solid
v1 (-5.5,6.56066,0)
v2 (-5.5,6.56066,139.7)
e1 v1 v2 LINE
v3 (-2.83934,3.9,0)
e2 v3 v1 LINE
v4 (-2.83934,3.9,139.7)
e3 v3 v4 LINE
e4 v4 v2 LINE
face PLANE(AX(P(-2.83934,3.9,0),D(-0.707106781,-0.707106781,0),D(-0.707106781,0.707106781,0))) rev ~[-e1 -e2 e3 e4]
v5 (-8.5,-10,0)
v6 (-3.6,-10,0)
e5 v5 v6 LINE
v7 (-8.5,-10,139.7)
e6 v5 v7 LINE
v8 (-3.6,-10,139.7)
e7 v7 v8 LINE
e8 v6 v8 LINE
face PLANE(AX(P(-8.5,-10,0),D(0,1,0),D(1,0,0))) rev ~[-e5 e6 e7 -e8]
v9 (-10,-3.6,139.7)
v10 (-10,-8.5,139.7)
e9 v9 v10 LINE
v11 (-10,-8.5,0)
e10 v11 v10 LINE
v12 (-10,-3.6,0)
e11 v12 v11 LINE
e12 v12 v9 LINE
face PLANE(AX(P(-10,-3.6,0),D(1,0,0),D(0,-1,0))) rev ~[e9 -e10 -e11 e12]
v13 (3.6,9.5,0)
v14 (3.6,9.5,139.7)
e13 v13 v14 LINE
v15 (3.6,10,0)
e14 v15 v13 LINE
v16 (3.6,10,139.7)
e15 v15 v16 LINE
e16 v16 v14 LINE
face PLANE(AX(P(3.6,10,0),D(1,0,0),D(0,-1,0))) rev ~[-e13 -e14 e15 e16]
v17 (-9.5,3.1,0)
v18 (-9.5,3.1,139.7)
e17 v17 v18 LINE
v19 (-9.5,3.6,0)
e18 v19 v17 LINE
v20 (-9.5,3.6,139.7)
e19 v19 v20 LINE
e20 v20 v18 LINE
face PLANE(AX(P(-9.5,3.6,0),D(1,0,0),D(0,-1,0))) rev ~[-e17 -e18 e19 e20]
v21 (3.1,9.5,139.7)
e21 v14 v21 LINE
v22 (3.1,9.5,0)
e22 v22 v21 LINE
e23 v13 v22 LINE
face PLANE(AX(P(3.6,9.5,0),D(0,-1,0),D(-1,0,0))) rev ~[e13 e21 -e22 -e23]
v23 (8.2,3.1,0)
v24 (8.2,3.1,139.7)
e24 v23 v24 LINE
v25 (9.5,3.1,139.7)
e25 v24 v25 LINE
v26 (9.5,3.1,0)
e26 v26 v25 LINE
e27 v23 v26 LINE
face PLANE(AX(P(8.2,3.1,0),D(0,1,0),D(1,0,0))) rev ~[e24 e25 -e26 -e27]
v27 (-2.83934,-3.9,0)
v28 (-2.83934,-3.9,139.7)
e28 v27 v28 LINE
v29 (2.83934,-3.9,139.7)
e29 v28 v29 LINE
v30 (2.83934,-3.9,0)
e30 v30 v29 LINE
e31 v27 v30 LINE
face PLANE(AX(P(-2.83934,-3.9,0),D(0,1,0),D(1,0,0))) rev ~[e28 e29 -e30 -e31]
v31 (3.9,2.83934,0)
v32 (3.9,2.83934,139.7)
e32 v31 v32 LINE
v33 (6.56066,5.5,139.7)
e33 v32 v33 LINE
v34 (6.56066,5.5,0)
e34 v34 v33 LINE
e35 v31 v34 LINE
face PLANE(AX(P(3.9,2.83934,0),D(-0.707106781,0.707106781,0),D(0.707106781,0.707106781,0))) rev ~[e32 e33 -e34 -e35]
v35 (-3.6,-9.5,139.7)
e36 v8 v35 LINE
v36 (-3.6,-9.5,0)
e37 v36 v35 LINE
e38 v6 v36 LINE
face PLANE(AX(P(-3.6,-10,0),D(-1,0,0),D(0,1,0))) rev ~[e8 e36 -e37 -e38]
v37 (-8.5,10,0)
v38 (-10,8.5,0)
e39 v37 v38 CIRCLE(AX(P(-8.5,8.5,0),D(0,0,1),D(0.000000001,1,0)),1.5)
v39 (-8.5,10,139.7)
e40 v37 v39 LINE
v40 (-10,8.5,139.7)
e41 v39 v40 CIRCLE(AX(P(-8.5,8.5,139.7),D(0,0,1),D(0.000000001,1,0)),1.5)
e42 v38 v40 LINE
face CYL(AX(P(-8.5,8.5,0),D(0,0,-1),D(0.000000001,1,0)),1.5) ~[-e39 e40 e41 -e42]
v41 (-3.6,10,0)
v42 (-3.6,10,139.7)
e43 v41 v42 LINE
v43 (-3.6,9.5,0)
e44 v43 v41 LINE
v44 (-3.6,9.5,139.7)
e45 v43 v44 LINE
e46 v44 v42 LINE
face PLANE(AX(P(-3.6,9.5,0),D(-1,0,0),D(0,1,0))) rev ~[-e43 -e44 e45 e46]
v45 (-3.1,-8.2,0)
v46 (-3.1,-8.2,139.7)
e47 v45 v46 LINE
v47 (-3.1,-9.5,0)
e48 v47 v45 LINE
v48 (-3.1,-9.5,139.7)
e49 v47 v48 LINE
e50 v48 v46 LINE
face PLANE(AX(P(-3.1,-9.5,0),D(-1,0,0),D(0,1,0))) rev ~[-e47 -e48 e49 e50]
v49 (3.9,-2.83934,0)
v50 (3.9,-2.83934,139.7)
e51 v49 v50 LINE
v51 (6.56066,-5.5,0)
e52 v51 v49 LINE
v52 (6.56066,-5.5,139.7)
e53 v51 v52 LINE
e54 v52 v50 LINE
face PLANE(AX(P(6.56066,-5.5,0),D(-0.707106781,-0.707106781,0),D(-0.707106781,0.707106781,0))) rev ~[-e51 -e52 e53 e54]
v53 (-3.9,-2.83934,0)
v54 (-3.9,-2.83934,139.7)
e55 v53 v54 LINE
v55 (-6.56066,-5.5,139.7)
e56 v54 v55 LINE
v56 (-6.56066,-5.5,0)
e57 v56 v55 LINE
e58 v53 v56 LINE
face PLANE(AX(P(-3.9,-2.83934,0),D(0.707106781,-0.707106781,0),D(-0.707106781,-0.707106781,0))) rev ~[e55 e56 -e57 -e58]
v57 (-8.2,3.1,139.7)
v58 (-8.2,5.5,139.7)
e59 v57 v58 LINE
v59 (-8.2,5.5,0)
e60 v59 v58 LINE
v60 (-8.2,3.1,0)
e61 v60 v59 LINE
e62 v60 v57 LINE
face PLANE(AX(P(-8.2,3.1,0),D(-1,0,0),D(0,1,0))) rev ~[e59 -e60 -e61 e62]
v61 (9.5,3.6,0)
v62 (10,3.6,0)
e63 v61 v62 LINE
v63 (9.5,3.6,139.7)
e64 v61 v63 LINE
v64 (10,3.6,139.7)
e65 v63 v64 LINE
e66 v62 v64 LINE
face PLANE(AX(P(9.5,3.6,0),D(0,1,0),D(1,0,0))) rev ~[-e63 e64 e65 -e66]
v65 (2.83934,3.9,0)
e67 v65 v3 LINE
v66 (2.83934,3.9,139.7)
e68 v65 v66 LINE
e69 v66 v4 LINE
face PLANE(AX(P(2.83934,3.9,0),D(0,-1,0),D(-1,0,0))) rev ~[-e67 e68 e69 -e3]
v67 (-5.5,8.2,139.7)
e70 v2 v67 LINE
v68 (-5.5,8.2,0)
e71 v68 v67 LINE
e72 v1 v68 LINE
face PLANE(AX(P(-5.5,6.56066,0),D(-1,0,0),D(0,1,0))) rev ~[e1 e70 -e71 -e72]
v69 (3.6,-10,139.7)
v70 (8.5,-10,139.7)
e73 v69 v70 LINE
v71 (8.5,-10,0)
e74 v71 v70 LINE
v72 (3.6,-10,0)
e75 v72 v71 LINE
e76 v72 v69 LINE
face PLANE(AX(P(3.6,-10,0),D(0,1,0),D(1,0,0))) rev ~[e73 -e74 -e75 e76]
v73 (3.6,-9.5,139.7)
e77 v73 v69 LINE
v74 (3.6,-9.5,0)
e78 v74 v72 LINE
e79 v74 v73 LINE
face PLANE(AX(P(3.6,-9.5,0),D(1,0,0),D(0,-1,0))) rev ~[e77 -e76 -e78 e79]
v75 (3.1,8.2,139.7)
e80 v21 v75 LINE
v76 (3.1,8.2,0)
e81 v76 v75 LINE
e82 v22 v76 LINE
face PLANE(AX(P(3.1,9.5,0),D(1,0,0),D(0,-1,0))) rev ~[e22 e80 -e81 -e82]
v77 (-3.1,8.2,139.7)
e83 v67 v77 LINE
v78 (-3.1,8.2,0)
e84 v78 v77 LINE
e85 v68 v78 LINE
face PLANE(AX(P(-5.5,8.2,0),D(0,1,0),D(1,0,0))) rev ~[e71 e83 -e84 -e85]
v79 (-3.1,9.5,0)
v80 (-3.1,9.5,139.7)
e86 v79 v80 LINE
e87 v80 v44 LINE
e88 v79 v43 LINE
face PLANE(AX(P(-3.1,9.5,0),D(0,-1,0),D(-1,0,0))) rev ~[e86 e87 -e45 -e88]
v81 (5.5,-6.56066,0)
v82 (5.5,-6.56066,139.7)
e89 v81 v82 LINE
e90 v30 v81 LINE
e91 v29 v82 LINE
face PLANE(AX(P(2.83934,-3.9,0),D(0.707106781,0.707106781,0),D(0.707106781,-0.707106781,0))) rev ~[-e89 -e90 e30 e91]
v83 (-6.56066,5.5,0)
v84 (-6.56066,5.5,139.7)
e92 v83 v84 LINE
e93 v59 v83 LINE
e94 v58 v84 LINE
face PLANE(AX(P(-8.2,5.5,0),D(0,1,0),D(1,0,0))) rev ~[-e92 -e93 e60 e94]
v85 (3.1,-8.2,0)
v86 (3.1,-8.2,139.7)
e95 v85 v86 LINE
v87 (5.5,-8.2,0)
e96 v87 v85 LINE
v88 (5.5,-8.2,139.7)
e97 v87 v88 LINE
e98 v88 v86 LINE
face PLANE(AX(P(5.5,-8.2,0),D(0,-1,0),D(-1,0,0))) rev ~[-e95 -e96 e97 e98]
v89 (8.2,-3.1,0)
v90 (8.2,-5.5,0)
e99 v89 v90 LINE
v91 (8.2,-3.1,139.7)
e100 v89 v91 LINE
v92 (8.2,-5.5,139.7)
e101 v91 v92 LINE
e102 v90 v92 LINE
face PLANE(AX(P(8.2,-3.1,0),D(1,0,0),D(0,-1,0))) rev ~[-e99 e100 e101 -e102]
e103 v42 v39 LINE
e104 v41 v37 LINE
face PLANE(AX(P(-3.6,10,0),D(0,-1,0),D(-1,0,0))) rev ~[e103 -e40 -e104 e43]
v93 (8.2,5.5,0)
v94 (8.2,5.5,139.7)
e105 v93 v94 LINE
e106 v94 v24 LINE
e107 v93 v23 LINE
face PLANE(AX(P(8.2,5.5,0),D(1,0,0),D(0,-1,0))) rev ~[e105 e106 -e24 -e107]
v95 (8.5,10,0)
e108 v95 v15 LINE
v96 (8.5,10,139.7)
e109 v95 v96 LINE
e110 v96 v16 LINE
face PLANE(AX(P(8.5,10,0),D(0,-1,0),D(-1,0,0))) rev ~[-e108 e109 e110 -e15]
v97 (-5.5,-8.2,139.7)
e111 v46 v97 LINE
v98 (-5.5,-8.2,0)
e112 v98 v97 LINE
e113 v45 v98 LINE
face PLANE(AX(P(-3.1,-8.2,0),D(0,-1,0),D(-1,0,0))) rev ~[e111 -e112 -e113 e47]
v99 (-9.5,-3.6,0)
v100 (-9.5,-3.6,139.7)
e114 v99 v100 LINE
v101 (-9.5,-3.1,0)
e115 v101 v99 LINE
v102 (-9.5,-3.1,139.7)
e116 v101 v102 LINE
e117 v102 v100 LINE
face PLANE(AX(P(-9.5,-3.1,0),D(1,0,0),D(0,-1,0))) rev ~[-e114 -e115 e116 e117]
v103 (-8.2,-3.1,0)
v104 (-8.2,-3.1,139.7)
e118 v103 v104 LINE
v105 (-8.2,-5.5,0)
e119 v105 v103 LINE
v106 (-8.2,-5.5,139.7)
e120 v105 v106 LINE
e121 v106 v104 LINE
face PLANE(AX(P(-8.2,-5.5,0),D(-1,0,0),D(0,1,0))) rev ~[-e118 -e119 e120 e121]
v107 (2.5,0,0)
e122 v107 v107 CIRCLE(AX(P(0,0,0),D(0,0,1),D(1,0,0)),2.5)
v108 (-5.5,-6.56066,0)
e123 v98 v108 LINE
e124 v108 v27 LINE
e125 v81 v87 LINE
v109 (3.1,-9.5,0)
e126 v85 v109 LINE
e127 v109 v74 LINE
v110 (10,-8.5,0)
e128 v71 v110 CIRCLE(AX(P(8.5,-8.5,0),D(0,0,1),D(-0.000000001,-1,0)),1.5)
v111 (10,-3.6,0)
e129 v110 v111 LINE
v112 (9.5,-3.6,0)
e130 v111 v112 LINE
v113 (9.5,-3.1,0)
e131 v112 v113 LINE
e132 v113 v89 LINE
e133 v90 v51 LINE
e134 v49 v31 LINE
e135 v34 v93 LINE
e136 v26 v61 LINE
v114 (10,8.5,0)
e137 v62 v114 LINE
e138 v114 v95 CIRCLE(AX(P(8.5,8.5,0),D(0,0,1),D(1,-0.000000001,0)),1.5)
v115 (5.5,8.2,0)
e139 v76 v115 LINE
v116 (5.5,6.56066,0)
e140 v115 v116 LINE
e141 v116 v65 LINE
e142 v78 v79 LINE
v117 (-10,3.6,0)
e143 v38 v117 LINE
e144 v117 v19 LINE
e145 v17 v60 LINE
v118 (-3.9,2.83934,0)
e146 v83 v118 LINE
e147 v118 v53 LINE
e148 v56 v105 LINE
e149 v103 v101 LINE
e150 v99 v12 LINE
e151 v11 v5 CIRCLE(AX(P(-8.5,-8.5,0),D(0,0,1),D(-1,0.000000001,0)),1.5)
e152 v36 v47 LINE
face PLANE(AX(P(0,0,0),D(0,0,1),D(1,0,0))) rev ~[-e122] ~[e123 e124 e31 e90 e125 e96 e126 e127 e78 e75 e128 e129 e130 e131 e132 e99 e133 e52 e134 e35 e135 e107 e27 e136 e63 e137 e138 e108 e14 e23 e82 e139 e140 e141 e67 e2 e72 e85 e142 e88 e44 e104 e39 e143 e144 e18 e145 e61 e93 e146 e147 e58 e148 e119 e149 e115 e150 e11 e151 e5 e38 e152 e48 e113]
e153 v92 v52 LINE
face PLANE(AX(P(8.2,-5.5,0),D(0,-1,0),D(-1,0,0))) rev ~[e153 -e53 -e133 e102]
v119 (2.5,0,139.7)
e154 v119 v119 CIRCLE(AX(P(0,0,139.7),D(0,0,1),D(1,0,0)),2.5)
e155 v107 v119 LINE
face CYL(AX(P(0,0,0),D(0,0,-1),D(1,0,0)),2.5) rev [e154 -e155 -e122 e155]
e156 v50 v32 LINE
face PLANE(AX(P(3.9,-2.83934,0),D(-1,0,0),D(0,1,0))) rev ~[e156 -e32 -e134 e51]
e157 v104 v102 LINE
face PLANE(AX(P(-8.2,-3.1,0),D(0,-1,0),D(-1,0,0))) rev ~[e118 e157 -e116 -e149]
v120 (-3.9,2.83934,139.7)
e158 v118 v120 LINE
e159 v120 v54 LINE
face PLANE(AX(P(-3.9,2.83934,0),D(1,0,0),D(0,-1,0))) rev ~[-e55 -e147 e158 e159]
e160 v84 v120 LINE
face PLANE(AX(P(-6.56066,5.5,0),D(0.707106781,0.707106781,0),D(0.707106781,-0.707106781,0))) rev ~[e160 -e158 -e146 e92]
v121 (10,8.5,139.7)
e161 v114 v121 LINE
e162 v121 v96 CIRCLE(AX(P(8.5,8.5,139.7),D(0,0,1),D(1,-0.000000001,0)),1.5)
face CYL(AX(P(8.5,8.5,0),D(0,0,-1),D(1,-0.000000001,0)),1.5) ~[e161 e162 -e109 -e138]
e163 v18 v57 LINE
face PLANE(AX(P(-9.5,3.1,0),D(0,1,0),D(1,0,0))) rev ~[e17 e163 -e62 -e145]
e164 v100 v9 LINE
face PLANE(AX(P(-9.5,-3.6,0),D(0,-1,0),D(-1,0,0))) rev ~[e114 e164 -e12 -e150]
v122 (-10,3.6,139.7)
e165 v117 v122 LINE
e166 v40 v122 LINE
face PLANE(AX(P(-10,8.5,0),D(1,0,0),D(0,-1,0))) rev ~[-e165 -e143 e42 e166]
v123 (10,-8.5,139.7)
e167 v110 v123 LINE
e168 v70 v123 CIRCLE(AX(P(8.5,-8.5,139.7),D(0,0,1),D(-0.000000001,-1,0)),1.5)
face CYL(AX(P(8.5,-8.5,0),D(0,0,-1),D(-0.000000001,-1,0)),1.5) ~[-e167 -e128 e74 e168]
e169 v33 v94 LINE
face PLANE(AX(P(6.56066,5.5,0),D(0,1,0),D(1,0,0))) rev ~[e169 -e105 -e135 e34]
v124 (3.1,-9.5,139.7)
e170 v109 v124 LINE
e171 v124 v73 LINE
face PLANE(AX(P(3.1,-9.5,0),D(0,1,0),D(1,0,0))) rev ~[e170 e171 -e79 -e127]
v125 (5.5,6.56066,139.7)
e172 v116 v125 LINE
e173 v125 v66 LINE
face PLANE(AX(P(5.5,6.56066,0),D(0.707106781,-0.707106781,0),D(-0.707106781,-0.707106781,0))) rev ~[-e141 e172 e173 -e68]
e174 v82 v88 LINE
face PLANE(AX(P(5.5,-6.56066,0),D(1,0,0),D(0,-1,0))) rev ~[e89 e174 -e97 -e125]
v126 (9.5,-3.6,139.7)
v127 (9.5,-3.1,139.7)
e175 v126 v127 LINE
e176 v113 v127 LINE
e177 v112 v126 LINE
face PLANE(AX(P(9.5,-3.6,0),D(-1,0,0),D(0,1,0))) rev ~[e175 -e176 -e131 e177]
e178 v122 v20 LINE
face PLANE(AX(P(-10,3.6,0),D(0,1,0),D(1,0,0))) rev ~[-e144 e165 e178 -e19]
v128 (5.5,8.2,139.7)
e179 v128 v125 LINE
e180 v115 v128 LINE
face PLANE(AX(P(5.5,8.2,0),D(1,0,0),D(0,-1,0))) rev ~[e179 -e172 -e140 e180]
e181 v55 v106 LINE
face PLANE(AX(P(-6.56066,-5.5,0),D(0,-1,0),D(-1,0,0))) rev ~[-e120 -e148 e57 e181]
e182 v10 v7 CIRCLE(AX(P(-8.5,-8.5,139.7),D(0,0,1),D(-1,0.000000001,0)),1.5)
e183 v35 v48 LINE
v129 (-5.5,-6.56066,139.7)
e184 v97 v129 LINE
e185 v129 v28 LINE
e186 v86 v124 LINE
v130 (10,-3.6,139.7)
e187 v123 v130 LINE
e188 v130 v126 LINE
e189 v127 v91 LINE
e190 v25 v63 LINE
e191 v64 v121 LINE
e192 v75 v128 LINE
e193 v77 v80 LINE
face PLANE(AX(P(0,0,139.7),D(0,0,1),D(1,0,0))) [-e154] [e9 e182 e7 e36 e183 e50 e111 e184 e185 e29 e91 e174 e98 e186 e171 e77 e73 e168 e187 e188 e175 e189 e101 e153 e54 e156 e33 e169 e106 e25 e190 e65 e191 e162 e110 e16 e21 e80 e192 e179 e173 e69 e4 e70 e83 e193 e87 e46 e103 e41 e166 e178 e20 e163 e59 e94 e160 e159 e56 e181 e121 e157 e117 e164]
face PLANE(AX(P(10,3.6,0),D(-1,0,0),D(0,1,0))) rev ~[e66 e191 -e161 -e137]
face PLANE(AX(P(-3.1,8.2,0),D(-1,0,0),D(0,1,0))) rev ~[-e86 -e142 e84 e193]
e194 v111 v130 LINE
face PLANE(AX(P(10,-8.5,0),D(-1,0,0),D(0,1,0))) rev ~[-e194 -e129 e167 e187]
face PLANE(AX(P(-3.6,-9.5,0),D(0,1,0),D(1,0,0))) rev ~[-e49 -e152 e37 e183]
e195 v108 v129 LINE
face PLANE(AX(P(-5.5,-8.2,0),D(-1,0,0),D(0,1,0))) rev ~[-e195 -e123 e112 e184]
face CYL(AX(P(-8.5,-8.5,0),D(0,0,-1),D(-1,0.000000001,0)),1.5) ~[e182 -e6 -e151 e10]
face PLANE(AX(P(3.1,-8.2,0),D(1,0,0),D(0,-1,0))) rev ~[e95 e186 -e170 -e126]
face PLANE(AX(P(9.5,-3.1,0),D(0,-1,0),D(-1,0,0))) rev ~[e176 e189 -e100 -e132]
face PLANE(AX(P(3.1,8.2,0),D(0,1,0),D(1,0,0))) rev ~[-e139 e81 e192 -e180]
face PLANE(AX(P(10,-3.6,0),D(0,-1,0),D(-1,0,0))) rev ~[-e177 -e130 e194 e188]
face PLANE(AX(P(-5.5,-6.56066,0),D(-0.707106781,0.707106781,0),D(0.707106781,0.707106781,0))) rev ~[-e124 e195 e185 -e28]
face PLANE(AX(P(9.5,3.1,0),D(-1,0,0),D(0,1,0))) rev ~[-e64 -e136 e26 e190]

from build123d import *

# Parameters (mm, degrees)
SKETCH1_R           = 2.5
BOSS_EXTRUDE1_DEPTH = 139.7


with BuildPart() as part:
    # Sketch1 → Boss-Extrude1 (new body)
    with BuildSketch(Plane.XY):
        with BuildLine():
            Line((-10, -3.6), (-10, -8.5))
            ThreePointArc((-10, -8.5), (-9.560660172, -9.560660172), (-8.5, -10))
            Line((-8.5, -10), (-3.6, -10))
            Line((-3.6, -10), (-3.6, -9.5))
            Line((-3.6, -9.5), (-3.1, -9.5))
            Line((-3.1, -9.5), (-3.1, -8.2))
            Line((-3.1, -8.2), (-5.5, -8.2))
            Line((-5.5, -8.2), (-5.5, -6.560660172))
            Line((-5.5, -6.560660172), (-2.839339828, -3.9))
            Line((-2.839339828, -3.9), (0, -3.9))
            Line((0, -3.9), (2.839339828, -3.9))
            Line((2.839339828, -3.9), (5.5, -6.560660172))
            Line((5.5, -6.560660172), (5.5, -8.2))
            Line((5.5, -8.2), (3.1, -8.2))
            Line((3.1, -8.2), (3.1, -9.5))
            Line((3.1, -9.5), (3.6, -9.5))
            Line((3.6, -9.5), (3.6, -10))
            Line((3.6, -10), (8.5, -10))
            ThreePointArc((8.5, -10), (9.560660172, -9.560660172), (10, -8.5))
            Line((10, -8.5), (10, -3.6))
            Line((10, -3.6), (9.5, -3.6))
            Line((9.5, -3.6), (9.5, -3.1))
            Line((9.5, -3.1), (8.2, -3.1))
            Line((8.2, -3.1), (8.2, -5.5))
            Line((8.2, -5.5), (6.560660172, -5.5))
            Line((6.560660172, -5.5), (3.9, -2.839339828))
            Line((3.9, -2.839339828), (3.9, 2.839339828))
            Line((3.9, 2.839339828), (6.560660172, 5.5))
            Line((6.560660172, 5.5), (8.2, 5.5))
            Line((8.2, 5.5), (8.2, 3.1))
            Line((8.2, 3.1), (9.5, 3.1))
            Line((9.5, 3.1), (9.5, 3.6))
            Line((9.5, 3.6), (10, 3.6))
            Line((10, 3.6), (10, 8.5))
            ThreePointArc((10, 8.5), (9.560660172, 9.560660172), (8.5, 10))
            Line((8.5, 10), (3.6, 10))
            Line((3.6, 10), (3.6, 9.5))
            Line((3.6, 9.5), (3.1, 9.5))
            Line((3.1, 9.5), (3.1, 8.2))
            Line((3.1, 8.2), (5.5, 8.2))
            Line((5.5, 8.2), (5.5, 6.560660172))
            Line((5.5, 6.560660172), (2.839339828, 3.9))
            Line((2.839339828, 3.9), (0, 3.9))
            Line((0, 3.9), (-2.839339828, 3.9))
            Line((-2.839339828, 3.9), (-5.5, 6.560660172))
            Line((-5.5, 6.560660172), (-5.5, 8.2))
            Line((-5.5, 8.2), (-3.1, 8.2))
            Line((-3.1, 8.2), (-3.1, 9.5))
            Line((-3.1, 9.5), (-3.6, 9.5))
            Line((-3.6, 9.5), (-3.6, 10))
            Line((-3.6, 10), (-8.5, 10))
            ThreePointArc((-8.5, 10), (-9.560660172, 9.560660172), (-10, 8.5))
            Line((-10, 8.5), (-10, 3.6))
            Line((-10, 3.6), (-9.5, 3.6))
            Line((-9.5, 3.6), (-9.5, 3.1))
            Line((-9.5, 3.1), (-8.2, 3.1))
            Line((-8.2, 3.1), (-8.2, 5.5))
            Line((-8.2, 5.5), (-6.560660172, 5.5))
            Line((-6.560660172, 5.5), (-3.9, 2.839339828))
            Line((-3.9, 2.839339828), (-3.9, -2.839339828))
            Line((-3.9, -2.839339828), (-6.560660172, -5.5))
            Line((-6.560660172, -5.5), (-8.2, -5.5))
            Line((-8.2, -5.5), (-8.2, -3.1))
            Line((-8.2, -3.1), (-9.5, -3.1))
            Line((-9.5, -3.1), (-9.5, -3.6))
            Line((-9.5, -3.6), (-10, -3.6))
        make_face()
        Circle(SKETCH1_R, mode=Mode.SUBTRACT)
    extrude(amount=BOSS_EXTRUDE1_DEPTH)


solid = part.part
